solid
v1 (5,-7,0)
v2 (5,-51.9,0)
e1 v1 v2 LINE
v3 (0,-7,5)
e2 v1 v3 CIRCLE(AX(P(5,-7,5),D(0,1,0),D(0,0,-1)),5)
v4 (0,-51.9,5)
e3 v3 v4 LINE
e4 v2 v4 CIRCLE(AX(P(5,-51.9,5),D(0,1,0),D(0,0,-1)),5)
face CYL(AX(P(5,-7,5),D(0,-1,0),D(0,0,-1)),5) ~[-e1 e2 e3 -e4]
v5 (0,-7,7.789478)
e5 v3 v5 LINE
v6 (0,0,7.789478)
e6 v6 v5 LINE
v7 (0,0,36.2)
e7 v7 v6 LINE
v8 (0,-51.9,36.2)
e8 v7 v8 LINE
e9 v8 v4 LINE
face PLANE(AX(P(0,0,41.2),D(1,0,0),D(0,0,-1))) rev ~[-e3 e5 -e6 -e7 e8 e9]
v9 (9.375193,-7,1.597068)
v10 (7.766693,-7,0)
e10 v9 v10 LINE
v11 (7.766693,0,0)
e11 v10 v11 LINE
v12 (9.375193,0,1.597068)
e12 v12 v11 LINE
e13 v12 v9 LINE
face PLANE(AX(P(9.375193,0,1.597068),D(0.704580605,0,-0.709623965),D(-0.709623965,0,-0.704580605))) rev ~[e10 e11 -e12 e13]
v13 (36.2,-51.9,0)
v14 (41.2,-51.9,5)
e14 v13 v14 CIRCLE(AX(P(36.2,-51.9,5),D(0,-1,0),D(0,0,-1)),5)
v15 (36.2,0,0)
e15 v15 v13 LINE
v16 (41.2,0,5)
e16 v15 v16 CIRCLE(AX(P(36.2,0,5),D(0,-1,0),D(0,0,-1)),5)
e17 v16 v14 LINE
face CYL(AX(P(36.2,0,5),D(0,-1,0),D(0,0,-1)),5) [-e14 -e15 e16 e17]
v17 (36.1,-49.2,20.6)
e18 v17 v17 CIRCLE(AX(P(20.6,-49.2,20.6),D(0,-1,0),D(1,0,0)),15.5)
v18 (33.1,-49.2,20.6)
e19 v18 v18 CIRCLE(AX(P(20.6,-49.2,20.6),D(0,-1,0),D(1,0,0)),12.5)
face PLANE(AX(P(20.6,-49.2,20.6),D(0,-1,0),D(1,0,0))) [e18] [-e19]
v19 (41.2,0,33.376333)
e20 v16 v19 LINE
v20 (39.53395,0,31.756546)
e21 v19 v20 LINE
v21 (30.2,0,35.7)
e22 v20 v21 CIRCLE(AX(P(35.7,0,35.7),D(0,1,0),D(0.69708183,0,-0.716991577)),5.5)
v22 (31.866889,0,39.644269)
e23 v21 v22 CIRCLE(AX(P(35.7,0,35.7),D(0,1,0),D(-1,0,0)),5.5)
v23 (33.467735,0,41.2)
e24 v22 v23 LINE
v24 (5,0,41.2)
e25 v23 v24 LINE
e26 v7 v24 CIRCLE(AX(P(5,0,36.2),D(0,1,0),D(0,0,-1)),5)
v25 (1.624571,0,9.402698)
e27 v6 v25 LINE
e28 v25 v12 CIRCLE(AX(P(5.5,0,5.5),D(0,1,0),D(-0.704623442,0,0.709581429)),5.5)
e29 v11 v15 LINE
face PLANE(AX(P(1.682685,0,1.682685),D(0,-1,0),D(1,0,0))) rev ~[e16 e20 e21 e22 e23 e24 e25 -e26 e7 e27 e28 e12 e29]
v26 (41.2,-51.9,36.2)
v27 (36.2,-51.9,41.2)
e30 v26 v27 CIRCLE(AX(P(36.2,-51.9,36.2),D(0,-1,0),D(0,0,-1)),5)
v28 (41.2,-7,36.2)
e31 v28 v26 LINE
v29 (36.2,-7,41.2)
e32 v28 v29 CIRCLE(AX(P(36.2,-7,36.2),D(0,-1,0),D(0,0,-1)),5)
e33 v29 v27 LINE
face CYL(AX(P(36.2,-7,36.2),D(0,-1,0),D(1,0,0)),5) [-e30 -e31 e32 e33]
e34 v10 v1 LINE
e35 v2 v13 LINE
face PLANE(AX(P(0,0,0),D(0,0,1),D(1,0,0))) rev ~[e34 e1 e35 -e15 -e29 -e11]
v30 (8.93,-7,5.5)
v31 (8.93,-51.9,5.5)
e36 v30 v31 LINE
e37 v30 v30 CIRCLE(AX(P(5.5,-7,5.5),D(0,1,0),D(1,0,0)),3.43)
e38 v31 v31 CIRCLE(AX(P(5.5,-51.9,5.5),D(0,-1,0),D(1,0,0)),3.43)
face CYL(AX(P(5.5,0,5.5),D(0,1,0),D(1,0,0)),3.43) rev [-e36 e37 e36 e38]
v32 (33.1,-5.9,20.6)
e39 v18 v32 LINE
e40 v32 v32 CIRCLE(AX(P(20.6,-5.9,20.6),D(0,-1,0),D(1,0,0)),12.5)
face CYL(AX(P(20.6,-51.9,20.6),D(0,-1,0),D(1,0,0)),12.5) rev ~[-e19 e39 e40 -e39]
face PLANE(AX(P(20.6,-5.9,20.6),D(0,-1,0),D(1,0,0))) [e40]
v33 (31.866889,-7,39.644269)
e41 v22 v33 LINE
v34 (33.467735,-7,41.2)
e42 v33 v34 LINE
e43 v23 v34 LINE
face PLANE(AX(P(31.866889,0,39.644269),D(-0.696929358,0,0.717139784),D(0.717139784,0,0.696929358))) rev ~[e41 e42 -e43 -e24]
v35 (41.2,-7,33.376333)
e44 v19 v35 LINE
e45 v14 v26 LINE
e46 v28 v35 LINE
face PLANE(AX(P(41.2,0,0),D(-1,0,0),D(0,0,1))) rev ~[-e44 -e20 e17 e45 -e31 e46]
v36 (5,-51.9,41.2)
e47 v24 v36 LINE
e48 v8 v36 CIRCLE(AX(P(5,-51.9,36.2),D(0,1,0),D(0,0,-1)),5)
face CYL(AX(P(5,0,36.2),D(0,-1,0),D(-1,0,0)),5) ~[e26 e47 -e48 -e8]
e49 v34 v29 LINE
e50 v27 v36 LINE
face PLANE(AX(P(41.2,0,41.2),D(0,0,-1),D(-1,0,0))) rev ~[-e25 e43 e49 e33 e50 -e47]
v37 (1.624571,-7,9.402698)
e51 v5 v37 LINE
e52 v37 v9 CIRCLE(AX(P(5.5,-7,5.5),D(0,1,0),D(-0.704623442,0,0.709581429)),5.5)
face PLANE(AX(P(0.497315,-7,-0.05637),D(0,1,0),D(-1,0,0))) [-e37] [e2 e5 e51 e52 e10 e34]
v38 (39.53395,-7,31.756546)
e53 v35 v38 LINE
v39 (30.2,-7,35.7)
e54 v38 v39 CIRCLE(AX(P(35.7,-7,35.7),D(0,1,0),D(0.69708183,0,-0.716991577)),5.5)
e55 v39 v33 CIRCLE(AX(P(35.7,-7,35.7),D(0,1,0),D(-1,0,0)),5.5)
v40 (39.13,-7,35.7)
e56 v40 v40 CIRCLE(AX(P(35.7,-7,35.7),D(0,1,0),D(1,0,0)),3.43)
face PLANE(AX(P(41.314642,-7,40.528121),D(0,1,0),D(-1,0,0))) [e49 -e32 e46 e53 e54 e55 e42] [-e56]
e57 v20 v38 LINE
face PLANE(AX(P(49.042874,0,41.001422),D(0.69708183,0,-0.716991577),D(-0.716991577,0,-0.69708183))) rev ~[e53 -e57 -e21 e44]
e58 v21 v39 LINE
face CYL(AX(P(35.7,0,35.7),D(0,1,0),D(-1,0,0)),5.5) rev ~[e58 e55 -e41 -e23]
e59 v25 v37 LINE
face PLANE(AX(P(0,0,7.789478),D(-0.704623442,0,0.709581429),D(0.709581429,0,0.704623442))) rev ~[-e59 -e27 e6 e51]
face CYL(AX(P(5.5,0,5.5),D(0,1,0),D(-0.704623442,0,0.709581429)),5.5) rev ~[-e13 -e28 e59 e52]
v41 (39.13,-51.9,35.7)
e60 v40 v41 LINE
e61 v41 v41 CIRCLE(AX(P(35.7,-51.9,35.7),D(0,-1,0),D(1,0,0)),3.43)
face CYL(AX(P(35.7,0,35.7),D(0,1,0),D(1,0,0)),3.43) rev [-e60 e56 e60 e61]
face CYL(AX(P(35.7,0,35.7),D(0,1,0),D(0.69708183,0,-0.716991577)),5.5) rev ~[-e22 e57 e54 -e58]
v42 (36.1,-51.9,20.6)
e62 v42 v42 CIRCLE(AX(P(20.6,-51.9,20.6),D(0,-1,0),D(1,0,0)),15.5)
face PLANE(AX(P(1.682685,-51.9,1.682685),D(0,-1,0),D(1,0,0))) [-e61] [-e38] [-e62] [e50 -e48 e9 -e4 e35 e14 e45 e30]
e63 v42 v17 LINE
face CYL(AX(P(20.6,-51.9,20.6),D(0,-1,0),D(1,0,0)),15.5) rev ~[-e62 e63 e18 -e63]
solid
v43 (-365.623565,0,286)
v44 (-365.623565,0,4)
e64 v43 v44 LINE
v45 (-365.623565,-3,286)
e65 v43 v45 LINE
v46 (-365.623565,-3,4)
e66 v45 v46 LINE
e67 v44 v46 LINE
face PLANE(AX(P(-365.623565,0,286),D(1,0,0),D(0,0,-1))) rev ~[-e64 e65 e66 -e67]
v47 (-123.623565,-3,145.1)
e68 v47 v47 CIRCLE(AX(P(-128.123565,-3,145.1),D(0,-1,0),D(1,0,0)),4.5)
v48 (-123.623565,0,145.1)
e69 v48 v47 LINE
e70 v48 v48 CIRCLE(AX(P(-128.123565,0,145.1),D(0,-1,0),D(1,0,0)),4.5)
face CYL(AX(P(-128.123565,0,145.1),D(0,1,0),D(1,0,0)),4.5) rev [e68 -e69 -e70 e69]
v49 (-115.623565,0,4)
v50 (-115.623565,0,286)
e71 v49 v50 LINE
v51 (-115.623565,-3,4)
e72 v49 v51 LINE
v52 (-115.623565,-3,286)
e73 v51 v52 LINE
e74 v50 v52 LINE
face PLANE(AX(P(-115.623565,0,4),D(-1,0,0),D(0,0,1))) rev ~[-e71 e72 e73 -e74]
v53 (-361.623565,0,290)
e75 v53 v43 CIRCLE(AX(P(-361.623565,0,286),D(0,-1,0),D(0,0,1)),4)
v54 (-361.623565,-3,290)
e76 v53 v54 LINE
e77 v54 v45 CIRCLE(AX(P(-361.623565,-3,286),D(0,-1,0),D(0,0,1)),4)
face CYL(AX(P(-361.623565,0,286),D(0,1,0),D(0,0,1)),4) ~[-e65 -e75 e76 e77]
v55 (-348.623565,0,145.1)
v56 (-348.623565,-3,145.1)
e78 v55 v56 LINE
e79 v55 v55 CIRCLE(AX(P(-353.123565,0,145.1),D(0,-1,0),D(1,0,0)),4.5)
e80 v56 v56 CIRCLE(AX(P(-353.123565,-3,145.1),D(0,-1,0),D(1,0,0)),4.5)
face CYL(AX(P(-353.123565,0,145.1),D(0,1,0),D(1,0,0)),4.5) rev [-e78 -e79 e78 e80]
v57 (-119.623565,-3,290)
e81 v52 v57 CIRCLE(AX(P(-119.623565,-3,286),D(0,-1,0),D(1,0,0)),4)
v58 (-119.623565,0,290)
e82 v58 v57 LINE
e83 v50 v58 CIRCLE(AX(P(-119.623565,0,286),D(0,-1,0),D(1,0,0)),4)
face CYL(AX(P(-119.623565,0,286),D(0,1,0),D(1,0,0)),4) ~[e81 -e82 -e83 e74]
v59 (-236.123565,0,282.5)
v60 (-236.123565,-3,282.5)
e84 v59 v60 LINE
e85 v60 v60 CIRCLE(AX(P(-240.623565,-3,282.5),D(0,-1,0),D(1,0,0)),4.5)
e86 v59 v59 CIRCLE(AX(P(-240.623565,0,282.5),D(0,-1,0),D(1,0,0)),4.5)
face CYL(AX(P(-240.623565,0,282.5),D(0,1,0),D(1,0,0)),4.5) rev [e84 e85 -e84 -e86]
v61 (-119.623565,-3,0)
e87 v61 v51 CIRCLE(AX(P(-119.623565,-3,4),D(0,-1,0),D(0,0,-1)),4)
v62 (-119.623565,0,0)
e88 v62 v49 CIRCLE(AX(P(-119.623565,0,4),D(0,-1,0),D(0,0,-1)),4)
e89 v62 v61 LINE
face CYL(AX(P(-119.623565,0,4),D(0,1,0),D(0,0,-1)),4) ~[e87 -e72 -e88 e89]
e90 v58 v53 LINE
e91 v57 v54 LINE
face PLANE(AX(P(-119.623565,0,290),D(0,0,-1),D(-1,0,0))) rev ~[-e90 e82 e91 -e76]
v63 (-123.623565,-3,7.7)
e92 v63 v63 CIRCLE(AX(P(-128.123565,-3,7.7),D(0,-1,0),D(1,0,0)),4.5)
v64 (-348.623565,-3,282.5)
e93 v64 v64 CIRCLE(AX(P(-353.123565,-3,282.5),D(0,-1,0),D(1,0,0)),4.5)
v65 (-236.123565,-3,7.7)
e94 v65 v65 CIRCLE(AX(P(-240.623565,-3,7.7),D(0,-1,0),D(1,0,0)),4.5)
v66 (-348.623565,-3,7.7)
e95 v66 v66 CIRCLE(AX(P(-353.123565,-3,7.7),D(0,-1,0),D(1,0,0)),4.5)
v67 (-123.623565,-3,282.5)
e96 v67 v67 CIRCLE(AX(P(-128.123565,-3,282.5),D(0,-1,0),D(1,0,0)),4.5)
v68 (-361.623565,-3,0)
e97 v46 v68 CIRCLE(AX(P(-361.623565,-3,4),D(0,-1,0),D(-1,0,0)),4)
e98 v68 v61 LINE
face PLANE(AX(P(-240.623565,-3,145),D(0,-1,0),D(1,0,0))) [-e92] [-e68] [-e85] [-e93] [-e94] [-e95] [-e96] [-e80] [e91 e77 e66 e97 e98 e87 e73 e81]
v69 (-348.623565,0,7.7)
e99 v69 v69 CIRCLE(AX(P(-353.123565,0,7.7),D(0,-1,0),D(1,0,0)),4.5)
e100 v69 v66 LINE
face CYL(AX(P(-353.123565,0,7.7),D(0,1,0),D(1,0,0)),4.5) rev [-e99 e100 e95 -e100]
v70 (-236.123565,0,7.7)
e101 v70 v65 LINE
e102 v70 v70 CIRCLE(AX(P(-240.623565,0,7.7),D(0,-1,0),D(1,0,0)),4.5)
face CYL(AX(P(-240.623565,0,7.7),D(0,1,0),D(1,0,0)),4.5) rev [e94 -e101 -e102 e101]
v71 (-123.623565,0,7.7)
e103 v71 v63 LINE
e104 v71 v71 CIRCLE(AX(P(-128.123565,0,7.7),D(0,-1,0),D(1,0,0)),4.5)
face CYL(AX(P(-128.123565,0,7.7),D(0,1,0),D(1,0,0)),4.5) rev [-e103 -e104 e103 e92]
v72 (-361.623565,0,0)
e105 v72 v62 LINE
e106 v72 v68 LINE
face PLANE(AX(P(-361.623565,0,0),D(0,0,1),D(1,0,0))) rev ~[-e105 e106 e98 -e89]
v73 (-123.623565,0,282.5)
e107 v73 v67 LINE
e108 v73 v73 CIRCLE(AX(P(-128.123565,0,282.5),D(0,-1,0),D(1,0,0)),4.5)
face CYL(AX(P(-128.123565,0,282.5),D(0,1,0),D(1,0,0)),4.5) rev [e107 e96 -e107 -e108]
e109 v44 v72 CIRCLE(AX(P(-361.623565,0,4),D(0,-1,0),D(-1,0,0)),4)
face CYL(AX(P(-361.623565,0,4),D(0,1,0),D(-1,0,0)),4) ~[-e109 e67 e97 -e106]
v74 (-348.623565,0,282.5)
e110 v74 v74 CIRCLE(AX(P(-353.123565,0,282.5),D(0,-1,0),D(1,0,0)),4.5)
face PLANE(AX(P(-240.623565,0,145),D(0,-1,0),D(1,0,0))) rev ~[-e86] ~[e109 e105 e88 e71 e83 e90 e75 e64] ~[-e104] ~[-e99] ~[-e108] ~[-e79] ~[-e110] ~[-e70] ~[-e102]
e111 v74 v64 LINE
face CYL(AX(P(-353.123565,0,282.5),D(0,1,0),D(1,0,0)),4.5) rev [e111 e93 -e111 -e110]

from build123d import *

# Parameters (mm, degrees)
F0_R      = 3.43
F1_DEPTH  = 51.9
F2_R      = 3.43
F3_DEPTH  = 7
F4_R      = 12.5
F5_DEPTH  = 46
F6_R      = 5
F7_R      = 15.5
F7_R_2    = 12.5
F8_DEPTH  = 2.7
F9_R      = 4.5
F10_DEPTH = 3


with BuildPart() as f1:
    # F0 (on Front) → F1 (new body)
    with BuildSketch(Plane.XZ):
        with BuildLine():
            Line((0, 5.5), (0, 0))
            Line((0, 0), (5.5, 0))
            ThreePointArc((5.5, 0), (1.6109127035, 1.6109127035), (0, 5.5))
        make_face()
        with BuildLine():
            ThreePointArc((35.7, 41.2), (39.5890872965, 39.5890872965), (41.2, 35.7))
            Line((41.2, 35.7), (41.2, 41.2))
            Line((41.2, 41.2), (35.7, 41.2))
        make_face()
        with BuildLine():
            ThreePointArc((0, 5.5), (1.6109127035, 1.6109127035), (5.5, 0))
            ThreePointArc((5.5, 0), (9.3890872965, 1.6109127035), (11, 5.5))
            ThreePointArc((11, 5.5), (5.5, 11), (0, 5.5))
        make_face()
        with Locations((5.5, 5.5)):
            Circle(F0_R, mode=Mode.SUBTRACT)
        with BuildLine():
            ThreePointArc((35.7, 41.2), (31.8109127035, 31.8109127035), (41.2, 35.7))
            ThreePointArc((41.2, 35.7), (39.5890872965, 39.5890872965), (35.7, 41.2))
        make_face()
        with Locations((35.7, 35.7)):
            Circle(F0_R, mode=Mode.SUBTRACT)
        with BuildLine():
            ThreePointArc((11, 5.5), (9.3890872965, 1.6109127035), (5.5, 0))
            Line((5.5, 0), (41.2, 0))
            Line((41.2, 0), (41.2, 35.7))
            ThreePointArc((41.2, 35.7), (31.8109127035, 31.8109127035), (35.7, 41.2))
            Line((35.7, 41.2), (0, 41.2))
            Line((0, 41.2), (0, 5.5))
            ThreePointArc((0, 5.5), (5.5, 11), (11, 5.5))
        make_face()
    extrude(amount=F1_DEPTH)

    # F2 (on face) → F3 (cut)
    with BuildSketch(Plane(origin=(0, 0, 0), x_dir=(-1, 0, 0), z_dir=(0, 1, 0))):
        with BuildLine():
            Line((7.8442875928, 0), (0, 7.7894779942))
            Line((0, 7.7894779942), (0, 5.5))
            ThreePointArc((0, 5.5), (-3.3861839358, 0.4224236444), (-9.3751933261, 1.5970681936))
            Line((-9.3751933261, 1.5970681936), (0, -7.7114948072))
            Line((0, -7.7114948072), (7.8442875928, 0))
        make_face()
        with BuildLine():
            Line((-49.0428739703, 41.0014221254), (-39.5339500675, 31.7565463259))
            ThreePointArc((-39.5339500675, 31.7565463259), (-40.7960276298, 37.7689375042), (-35.7, 41.2))
            Line((-35.7, 41.2), (-33.4677347493, 41.2))
            Line((-33.4677347493, 41.2), (-41.2, 48.7143546343))
            Line((-41.2, 48.7143546343), (-49.0428739703, 41.0014221254))
        make_face()
        with BuildLine():
            ThreePointArc((0, 5.5), (-0.4223598428, 7.6136628005), (-1.6245710669, 9.4026978598))
            ThreePointArc((-1.6245710669, 9.4026978598), (-9.4028148349, 9.3753111313), (-9.3751933261, 1.5970681936))
            ThreePointArc((-9.3751933261, 1.5970681936), (-3.3861839358, 0.4224236444), (0, 5.5))
        make_face()
        with Locations((-5.5, 5.5)):
            Circle(F2_R, mode=Mode.SUBTRACT)
        with BuildLine():
            ThreePointArc((-39.5339500675, 31.7565463259), (-33.5595240449, 30.6336045668), (-30.2, 35.7))
            ThreePointArc((-30.2, 35.7), (-30.633832164, 37.8410145859), (-31.8668885298, 39.6442688115))
            ThreePointArc((-31.8668885298, 39.6442688115), (-33.6316043008, 40.7962475638), (-35.7, 41.2))
            ThreePointArc((-35.7, 41.2), (-40.7960276298, 37.7689375042), (-39.5339500675, 31.7565463259))
        make_face()
        with Locations((-35.7, 35.7)):
            Circle(F2_R, mode=Mode.SUBTRACT)
        with Locations((-5.5, 5.5)):
            Circle(F2_R)
        with Locations((-35.7, 35.7)):
            Circle(F2_R)
        with BuildLine():
            Line((0, 5.5), (0, 7.7894779942))
            Line((0, 7.7894779942), (-1.6245710669, 9.4026978598))
            ThreePointArc((-1.6245710669, 9.4026978598), (-0.4223598428, 7.6136628005), (0, 5.5))
        make_face()
        with BuildLine():
            ThreePointArc((-35.7, 41.2), (-33.6316043008, 40.7962475638), (-31.8668885298, 39.6442688115))
            Line((-31.8668885298, 39.6442688115), (-33.4677347493, 41.2))
            Line((-33.4677347493, 41.2), (-35.7, 41.2))
        make_face()
    extrude(amount=-F3_DEPTH, mode=Mode.SUBTRACT)

    # F4 (on face) → F5 (cut)
    with BuildSketch(Plane.XZ.offset(51.9)):
        with Locations((20.6, 20.6)):
            Circle(F4_R)
    extrude(amount=-F5_DEPTH, mode=Mode.SUBTRACT)

    # F6
    f6_edges = [f1.edges().sort_by_distance(p)[0] for p in [
        (41.2, -25.95, 0),
        (0, -25.95, 41.2),
        (41.2, -29.45, 41.2),
        (0, -29.45, 0),
    ]]
    fillet(f6_edges, radius=F6_R)

    # F7 (on face) → F8 (cut)
    with BuildSketch(Plane.XZ.offset(51.9)):
        with Locations((20.6, 20.6)):
            Circle(F7_R)
        with Locations((20.6, 20.6)):
            Circle(F7_R_2, mode=Mode.SUBTRACT)
    extrude(amount=-F8_DEPTH, mode=Mode.SUBTRACT)


with BuildPart() as f10:
    # F9 (on Front) → F10 (new body)
    with BuildSketch(Plane.XZ):
        with BuildLine():
            ThreePointArc((-365.6235651445, 4), (-364.4519922692, 1.1715728753), (-361.6235651445, 0))
            Line((-361.6235651445, 0), (-119.6235651445, 0))
            ThreePointArc((-119.6235651445, 0), (-116.7951380197, 1.1715728753), (-115.6235651445, 4))
            Line((-115.6235651445, 4), (-115.6235651445, 286))
            ThreePointArc((-115.6235651445, 286), (-116.7951380197, 288.8284271247), (-119.6235651445, 290))
            Line((-119.6235651445, 290), (-361.6235651445, 290))
            ThreePointArc((-361.6235651445, 290), (-364.4519922692, 288.8284271247), (-365.6235651445, 286))
            Line((-365.6235651445, 286), (-365.6235651445, 4))
        make_face()
        with Locations((-353.1235651445, 7.7)):
            Circle(F9_R, mode=Mode.SUBTRACT)
        with Locations((-240.6235651445, 7.7)):
            Circle(F9_R, mode=Mode.SUBTRACT)
        with Locations((-128.1235651445, 7.7)):
            Circle(F9_R, mode=Mode.SUBTRACT)
        with Locations((-353.1235651445, 145.1)):
            Circle(F9_R, mode=Mode.SUBTRACT)
        with Locations((-353.1235651445, 282.5)):
            Circle(F9_R, mode=Mode.SUBTRACT)
        with Locations((-128.1235651445, 145.1)):
            Circle(F9_R, mode=Mode.SUBTRACT)
        with Locations((-240.6235651445, 282.5)):
            Circle(F9_R, mode=Mode.SUBTRACT)
        with Locations((-128.1235651445, 282.5)):
            Circle(F9_R, mode=Mode.SUBTRACT)
    extrude(amount=F10_DEPTH)


solid = Compound([f1.part, f10.part])
